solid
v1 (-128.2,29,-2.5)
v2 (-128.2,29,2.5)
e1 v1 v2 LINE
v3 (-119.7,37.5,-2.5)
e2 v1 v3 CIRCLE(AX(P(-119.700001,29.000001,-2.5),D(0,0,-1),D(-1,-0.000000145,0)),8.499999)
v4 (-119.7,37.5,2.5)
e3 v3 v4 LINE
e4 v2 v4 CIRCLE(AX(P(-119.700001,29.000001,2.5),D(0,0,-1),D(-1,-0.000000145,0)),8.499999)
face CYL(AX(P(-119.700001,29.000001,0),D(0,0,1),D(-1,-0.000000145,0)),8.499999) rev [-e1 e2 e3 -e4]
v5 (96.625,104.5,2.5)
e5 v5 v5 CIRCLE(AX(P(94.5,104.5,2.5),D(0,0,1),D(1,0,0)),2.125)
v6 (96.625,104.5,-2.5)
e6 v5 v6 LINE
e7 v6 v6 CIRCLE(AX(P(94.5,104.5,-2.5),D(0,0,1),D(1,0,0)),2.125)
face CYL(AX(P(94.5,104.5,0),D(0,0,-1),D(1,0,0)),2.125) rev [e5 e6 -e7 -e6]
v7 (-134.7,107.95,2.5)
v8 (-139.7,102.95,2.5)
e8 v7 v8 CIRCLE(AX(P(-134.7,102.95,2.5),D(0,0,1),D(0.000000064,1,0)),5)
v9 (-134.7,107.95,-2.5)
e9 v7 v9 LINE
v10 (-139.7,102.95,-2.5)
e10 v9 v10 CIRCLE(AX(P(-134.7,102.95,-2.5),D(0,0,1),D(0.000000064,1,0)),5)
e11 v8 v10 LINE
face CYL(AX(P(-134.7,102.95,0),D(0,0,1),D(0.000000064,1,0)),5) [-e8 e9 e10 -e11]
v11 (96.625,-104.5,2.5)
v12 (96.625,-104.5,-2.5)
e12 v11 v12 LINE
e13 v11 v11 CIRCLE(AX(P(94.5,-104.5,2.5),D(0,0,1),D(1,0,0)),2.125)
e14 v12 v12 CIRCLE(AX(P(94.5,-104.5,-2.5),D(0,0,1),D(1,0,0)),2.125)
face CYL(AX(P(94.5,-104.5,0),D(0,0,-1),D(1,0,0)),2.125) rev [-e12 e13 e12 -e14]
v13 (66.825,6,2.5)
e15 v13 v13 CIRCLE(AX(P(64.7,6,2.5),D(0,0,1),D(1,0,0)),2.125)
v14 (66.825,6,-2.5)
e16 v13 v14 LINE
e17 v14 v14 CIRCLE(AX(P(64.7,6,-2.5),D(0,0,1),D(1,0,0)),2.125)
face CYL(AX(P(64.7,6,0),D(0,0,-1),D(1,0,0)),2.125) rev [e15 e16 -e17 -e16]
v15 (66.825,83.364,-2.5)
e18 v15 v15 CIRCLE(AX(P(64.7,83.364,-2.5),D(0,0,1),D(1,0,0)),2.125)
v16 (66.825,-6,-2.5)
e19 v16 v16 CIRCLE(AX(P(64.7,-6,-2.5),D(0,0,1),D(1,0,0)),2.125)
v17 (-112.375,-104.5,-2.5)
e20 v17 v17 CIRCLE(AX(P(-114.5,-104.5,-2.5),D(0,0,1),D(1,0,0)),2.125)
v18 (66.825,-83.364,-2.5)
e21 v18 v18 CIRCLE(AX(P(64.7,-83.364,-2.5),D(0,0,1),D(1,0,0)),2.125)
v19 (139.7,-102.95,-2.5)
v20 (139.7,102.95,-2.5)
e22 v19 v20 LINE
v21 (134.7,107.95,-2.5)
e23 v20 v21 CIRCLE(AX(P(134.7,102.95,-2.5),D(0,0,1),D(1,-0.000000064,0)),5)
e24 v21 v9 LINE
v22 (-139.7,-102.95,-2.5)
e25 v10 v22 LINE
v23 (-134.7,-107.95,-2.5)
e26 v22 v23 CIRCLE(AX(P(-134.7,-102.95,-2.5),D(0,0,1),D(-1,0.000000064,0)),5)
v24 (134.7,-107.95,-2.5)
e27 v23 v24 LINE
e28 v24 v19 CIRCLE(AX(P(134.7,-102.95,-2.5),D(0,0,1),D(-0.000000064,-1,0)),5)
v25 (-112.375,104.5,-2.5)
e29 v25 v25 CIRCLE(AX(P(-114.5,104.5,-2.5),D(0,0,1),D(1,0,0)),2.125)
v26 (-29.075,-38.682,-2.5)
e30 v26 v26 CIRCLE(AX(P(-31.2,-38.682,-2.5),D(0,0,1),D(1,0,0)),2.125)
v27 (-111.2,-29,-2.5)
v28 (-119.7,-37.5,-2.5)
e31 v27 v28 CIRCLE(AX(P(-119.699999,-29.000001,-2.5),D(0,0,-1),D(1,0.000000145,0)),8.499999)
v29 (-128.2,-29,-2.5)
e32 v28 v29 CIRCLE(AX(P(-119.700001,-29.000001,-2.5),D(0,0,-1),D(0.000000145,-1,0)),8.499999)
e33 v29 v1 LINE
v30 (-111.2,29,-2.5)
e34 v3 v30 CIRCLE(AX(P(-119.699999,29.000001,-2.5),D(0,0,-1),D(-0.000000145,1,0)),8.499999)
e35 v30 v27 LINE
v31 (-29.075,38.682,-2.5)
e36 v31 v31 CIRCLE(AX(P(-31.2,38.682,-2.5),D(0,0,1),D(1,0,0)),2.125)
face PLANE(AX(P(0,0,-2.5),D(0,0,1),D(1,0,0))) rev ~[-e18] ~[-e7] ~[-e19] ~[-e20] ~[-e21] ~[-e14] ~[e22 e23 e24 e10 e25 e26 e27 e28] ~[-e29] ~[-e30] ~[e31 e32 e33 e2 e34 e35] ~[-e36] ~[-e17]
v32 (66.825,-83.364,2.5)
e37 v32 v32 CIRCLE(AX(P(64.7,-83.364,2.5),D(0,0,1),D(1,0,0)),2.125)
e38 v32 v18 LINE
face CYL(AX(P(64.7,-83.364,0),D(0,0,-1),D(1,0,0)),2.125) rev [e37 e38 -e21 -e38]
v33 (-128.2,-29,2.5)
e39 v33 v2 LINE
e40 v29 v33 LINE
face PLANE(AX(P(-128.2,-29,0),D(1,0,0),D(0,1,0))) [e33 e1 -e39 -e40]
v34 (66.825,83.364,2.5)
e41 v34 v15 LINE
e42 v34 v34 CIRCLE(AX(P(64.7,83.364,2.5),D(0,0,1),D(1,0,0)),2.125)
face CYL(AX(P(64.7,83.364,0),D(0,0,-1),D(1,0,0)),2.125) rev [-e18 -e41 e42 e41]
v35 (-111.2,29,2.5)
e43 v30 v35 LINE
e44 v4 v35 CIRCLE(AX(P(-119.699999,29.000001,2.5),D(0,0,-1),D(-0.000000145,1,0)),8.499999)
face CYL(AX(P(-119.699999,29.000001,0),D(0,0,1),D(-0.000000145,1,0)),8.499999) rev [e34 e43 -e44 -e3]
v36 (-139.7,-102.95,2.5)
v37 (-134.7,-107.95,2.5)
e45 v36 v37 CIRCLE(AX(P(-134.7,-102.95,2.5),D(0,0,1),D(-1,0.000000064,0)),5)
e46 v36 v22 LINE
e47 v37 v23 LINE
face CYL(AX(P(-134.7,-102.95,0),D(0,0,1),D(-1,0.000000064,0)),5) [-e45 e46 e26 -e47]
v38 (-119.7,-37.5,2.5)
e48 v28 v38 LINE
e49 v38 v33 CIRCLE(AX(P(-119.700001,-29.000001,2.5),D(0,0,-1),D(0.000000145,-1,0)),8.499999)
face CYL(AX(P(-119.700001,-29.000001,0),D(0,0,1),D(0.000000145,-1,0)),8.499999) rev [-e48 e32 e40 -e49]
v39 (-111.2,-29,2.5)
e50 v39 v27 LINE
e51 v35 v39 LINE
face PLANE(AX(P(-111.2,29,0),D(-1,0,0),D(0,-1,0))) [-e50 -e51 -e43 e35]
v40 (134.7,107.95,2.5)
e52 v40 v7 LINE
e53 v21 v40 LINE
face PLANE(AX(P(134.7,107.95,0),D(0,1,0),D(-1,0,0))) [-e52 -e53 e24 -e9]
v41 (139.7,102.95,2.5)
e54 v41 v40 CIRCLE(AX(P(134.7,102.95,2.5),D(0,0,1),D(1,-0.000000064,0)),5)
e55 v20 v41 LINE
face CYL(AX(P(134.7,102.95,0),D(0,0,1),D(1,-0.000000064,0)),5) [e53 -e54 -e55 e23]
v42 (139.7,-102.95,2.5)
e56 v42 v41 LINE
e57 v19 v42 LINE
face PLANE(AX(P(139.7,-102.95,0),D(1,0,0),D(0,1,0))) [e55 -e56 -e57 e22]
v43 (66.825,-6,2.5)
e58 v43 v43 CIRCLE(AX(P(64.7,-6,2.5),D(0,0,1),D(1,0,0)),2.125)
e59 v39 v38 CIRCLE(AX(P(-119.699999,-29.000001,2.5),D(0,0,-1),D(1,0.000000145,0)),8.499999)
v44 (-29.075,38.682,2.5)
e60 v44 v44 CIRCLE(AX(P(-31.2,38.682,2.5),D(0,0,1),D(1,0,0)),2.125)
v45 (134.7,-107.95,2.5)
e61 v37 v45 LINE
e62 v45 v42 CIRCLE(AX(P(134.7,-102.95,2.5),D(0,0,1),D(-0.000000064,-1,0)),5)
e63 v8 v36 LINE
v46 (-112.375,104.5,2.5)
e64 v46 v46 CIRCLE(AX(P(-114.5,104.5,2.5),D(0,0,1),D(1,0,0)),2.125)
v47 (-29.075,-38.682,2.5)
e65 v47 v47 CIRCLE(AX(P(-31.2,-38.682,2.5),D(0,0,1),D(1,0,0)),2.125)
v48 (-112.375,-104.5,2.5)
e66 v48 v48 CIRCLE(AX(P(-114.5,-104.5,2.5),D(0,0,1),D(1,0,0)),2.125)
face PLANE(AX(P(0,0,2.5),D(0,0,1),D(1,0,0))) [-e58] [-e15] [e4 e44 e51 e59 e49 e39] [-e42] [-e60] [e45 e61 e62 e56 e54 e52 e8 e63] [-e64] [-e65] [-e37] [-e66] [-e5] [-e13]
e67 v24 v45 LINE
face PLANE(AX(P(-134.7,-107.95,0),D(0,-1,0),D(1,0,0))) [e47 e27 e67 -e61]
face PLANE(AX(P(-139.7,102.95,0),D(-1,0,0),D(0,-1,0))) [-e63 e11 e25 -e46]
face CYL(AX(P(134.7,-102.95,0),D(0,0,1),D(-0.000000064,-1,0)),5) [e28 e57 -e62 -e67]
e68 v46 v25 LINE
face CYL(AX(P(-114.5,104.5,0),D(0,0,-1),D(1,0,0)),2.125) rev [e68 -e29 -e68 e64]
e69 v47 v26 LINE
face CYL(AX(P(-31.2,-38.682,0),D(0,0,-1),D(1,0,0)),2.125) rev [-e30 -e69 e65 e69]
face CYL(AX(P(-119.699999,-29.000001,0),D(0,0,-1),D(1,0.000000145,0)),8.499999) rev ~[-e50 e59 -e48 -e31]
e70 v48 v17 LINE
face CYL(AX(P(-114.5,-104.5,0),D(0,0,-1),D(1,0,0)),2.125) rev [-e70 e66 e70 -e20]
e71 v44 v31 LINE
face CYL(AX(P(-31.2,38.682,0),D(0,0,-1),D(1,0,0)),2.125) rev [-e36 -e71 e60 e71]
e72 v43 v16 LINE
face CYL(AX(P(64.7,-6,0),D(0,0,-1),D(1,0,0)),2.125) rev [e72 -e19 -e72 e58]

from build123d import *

# Parameters (mm, degrees)
F0_R     = 2.125
F1_DEPTH = 2.5


with BuildPart() as f1:
    # F0 (on Top) → F1 (new body, symmetric)
    with BuildSketch(Plane.XY):
        with BuildLine():
            Line((-134.7, -107.95), (134.7, -107.95))
            ThreePointArc((134.7, -107.95), (138.235534, -106.485534), (139.7, -102.95))
            Line((139.7, -102.95), (139.7, 0))
            Line((139.7, 0), (139.7, 102.95))
            ThreePointArc((139.7, 102.95), (138.235534, 106.485534), (134.7, 107.95))
            Line((134.7, 107.95), (-134.7, 107.95))
            ThreePointArc((-134.7, 107.95), (-138.235534, 106.485534), (-139.7, 102.95))
            Line((-139.7, 102.95), (-139.7, 0))
            Line((-139.7, 0), (-139.7, -102.95))
            ThreePointArc((-139.7, -102.95), (-138.235534, -106.485534), (-134.7, -107.95))
        make_face()
        with Locations((-114.5, -104.5)):
            Circle(F0_R, mode=Mode.SUBTRACT)
        with Locations((-31.2, -38.682)):
            Circle(F0_R, mode=Mode.SUBTRACT)
        with Locations((64.7, -83.364)):
            Circle(F0_R, mode=Mode.SUBTRACT)
        with Locations((94.5, -104.5)):
            Circle(F0_R, mode=Mode.SUBTRACT)
        with Locations((64.7, -6)):
            Circle(F0_R, mode=Mode.SUBTRACT)
        with BuildLine():
            ThreePointArc((-119.7, 37.5), (-113.689592, 35.010408), (-111.2, 29))
            Line((-111.2, 29), (-111.2, -29))
            ThreePointArc((-111.2, -29), (-113.689592, -35.010408), (-119.7, -37.5))
            ThreePointArc((-119.7, -37.5), (-125.710408, -35.010408), (-128.2, -29))
            Line((-128.2, -29), (-128.2, 29))
            ThreePointArc((-128.2, 29), (-125.710408, 35.010408), (-119.7, 37.5))
        make_face(mode=Mode.SUBTRACT)
        with Locations((-31.2, 38.682)):
            Circle(F0_R, mode=Mode.SUBTRACT)
        with Locations((-114.5, 104.5)):
            Circle(F0_R, mode=Mode.SUBTRACT)
        with Locations((64.7, 6)):
            Circle(F0_R, mode=Mode.SUBTRACT)
        with Locations((64.7, 83.364)):
            Circle(F0_R, mode=Mode.SUBTRACT)
        with Locations((94.5, 104.5)):
            Circle(F0_R, mode=Mode.SUBTRACT)
    extrude(amount=F1_DEPTH, both=True)


solid = f1.part
